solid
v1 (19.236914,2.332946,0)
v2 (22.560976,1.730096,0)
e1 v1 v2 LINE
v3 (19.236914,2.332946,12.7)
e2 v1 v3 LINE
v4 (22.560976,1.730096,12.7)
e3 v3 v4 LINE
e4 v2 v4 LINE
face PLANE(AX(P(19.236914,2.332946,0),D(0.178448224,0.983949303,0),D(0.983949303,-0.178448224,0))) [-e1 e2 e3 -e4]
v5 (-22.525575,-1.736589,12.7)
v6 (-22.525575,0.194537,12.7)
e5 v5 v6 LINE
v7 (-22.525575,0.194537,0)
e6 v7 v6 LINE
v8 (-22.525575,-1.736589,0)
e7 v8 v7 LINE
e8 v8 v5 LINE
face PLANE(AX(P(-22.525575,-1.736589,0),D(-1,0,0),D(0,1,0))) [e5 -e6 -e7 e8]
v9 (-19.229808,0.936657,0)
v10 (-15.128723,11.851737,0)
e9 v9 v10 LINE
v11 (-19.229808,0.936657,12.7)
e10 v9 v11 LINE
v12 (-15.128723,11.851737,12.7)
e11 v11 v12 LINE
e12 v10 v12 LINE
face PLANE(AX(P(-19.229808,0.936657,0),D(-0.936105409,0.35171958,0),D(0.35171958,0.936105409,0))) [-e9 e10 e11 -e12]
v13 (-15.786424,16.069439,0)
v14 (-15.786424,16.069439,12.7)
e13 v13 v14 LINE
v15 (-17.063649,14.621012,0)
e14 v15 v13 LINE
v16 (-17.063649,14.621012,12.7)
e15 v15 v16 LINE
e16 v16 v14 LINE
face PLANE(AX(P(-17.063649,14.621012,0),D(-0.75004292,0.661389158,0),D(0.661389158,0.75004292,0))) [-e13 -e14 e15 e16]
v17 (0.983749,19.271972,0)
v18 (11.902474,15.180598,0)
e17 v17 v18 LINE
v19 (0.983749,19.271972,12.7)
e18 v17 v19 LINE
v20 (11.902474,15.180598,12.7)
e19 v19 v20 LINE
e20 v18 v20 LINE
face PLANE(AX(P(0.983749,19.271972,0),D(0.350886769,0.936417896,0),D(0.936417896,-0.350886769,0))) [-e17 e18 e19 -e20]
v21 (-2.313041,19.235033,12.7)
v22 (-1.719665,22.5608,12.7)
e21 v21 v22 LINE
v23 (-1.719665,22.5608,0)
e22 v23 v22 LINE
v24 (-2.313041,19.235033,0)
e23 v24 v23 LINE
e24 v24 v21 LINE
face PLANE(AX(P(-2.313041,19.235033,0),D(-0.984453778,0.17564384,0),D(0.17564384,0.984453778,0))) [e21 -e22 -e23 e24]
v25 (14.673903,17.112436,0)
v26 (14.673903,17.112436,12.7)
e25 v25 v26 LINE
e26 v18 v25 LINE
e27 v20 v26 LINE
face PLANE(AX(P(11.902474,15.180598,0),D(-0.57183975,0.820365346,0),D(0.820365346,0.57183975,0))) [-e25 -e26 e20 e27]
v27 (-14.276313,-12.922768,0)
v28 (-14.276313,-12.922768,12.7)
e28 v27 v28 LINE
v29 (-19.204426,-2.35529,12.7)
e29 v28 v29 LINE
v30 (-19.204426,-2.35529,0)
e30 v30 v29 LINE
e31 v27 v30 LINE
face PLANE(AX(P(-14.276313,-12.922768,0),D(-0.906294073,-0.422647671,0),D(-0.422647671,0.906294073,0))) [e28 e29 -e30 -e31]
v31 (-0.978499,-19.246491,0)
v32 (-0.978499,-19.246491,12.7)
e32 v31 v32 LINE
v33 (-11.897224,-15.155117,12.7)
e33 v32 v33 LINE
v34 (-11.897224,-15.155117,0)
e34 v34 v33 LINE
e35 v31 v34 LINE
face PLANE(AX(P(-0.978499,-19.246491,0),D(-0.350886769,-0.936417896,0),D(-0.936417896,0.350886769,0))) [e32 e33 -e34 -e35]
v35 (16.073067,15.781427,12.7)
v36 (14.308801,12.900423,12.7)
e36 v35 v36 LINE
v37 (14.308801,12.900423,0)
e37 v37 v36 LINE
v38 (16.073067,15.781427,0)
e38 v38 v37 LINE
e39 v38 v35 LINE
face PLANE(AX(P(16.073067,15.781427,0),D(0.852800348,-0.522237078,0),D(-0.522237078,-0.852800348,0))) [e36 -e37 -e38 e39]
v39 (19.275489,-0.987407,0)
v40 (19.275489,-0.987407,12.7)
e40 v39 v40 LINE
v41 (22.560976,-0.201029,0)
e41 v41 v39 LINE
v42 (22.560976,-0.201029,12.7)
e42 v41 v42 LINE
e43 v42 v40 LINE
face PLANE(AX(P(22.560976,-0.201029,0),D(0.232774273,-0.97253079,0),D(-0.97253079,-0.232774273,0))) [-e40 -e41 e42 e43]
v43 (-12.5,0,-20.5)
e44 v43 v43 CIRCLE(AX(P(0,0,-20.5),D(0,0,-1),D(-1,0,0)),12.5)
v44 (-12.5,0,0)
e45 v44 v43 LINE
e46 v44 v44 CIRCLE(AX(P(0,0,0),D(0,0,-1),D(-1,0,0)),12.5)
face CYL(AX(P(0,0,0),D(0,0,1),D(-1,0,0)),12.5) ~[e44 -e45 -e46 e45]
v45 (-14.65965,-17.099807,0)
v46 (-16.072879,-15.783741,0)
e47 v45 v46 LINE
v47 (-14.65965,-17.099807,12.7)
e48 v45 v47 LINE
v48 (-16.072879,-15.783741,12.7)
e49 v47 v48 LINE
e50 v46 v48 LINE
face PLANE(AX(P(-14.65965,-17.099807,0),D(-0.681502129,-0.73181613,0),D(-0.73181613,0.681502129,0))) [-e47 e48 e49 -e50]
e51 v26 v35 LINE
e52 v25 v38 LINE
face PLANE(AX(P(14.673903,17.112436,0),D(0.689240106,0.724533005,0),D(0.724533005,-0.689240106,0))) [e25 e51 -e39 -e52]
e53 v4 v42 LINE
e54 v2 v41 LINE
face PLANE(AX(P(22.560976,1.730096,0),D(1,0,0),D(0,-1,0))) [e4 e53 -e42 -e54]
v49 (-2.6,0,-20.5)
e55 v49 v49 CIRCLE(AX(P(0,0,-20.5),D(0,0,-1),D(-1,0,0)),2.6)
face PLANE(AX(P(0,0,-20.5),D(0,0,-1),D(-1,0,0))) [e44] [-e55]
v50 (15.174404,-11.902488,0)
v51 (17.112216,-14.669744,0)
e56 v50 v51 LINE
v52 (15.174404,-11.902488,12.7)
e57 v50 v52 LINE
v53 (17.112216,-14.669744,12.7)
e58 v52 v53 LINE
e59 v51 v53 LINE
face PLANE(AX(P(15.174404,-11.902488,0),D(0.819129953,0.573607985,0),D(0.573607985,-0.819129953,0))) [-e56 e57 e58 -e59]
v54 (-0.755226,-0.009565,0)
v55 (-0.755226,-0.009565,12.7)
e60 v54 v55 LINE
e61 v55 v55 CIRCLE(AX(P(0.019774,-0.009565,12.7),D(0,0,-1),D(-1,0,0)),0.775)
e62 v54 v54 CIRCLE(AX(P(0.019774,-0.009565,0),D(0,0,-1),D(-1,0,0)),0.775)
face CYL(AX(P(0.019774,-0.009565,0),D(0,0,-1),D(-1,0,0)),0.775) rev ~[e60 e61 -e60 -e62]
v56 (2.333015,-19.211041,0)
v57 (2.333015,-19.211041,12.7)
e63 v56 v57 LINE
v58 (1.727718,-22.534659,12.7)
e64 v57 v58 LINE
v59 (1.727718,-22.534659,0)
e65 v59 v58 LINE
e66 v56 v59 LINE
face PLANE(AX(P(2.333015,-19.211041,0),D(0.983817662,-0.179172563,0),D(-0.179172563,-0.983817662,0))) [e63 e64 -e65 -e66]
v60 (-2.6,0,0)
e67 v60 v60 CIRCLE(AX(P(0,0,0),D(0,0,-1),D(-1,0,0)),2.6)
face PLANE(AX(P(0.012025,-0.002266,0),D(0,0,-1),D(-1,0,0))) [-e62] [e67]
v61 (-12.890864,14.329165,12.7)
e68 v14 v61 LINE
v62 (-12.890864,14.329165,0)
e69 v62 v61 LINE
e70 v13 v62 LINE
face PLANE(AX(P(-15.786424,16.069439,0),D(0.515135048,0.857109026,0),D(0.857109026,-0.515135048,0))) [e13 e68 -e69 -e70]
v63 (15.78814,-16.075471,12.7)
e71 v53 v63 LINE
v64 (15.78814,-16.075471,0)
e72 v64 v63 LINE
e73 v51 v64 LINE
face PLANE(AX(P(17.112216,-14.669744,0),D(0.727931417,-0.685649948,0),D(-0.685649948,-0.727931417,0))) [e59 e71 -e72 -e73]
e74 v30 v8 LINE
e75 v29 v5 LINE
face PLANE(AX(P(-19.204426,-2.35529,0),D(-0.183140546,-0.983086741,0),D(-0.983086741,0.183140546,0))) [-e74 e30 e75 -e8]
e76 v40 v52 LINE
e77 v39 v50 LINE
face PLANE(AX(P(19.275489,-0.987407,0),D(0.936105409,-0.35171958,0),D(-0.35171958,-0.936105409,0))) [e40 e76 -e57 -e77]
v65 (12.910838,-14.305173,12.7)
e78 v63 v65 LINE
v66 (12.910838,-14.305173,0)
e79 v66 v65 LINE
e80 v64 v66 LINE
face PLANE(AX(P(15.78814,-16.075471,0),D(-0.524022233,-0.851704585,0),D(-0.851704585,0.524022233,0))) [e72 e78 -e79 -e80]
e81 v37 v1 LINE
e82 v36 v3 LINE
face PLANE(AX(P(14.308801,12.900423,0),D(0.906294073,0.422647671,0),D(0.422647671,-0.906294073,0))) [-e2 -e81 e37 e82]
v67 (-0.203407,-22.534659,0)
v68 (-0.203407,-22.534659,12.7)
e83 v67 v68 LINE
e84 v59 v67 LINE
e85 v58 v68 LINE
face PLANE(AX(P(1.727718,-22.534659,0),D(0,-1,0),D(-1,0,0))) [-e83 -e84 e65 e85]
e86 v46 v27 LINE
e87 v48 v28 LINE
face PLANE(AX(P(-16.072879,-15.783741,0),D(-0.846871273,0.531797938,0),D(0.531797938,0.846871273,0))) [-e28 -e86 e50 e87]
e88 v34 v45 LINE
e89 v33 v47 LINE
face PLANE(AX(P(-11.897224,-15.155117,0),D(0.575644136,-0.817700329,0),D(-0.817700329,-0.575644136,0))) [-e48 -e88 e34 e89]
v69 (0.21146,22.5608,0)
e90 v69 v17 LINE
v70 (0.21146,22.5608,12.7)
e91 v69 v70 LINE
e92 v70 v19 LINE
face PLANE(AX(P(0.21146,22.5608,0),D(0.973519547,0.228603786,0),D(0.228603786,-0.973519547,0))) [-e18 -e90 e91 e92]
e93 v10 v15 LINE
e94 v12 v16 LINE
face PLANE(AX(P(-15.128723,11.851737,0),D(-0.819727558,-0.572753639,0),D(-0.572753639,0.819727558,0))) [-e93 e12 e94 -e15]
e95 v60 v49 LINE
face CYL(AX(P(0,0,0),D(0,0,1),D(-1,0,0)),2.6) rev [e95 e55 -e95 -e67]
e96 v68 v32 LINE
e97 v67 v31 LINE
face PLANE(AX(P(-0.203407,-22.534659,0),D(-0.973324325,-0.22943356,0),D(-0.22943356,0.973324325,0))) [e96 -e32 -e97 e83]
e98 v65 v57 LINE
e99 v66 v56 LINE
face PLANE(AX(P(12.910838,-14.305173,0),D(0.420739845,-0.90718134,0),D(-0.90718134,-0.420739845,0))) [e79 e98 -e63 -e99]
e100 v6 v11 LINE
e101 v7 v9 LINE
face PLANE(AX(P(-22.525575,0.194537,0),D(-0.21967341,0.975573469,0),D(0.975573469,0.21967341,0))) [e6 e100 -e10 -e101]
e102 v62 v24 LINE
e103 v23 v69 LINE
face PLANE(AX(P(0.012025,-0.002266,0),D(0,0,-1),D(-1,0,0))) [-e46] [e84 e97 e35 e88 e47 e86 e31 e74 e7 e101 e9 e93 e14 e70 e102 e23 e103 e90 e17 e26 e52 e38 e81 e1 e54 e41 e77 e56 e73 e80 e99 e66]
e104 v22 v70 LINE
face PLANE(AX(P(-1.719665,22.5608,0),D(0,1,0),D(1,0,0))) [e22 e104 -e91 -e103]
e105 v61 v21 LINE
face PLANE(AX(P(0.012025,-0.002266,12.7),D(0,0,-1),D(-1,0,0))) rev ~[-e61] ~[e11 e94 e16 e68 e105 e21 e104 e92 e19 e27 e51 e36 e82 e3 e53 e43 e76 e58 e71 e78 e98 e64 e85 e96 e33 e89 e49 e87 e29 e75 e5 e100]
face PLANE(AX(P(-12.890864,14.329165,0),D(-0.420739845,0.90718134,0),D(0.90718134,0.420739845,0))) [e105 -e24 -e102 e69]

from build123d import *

# Parameters (mm, degrees)
BOSS_EXTRUDE1_DEPTH = 12.7
CUT_EXTRUDE1_REACH  = 14.7
SKETCH2_R           = 0.775
SKETCH4_R           = 12.5
SKETCH4_R_2         = 2.6
BOSS_EXTRUDE3_DEPTH = 20.5


with BuildPart() as part:
    # Sketch1 → Boss-Extrude1 (new body)
    with BuildSketch(Plane(origin=(0, 0, 0), x_dir=(-1, 0, 0), z_dir=(0, 0, -1))):
        Polygon((22.52557458, -1.736588639), (22.52557458, 0.194536921), (19.229808022, 0.93665661), (15.128723263, 11.851737372), (17.063649078, 14.621011813), (15.786423571, 16.069438867), (12.890863827, 14.329165151), (2.313040546, 19.235032954), (1.719665356, 22.560799741), (-0.211460204, 22.560799741), (-0.98374926, 19.271971918), (-11.902473648, 15.180597821), (-14.673902719, 17.112436257), (-16.073066924, 15.781427071), (-14.308800518, 12.900423272), (-19.236913758, 2.332945609), (-22.560976284, 1.730096406), (-22.560976284, -0.201029153), (-19.275488766, -0.987407309), (-15.174404006, -11.902488071), (-17.112216048, -14.669743631), (-15.788139908, -16.075470597), (-12.910837913, -14.305173427), (-2.333014633, -19.21104123), (-1.727718406, -22.534659035), (0.203407153, -22.534659035), (0.978499423, -19.246490729), (11.89722381, -15.155116632), (14.659649692, -17.099807376), (16.072878525, -15.783741196), (14.276312796, -12.922767512), (19.204426036, -2.355289849), align=None)
    extrude(amount=-BOSS_EXTRUDE1_DEPTH)

    # Sketch2 → Cut-Extrude1 (cut, up to next)
    with BuildSketch(Plane(origin=(0, 0, 0), x_dir=(-1, 0, 0), z_dir=(0, 0, -1)), mode=Mode.PRIVATE) as cut_extrude1_sk1:
        with Locations((-0.019773646, -0.00956531)):
            Circle(SKETCH2_R)
    cut_extrude1_tool1 = extrude(cut_extrude1_sk1.sketch, amount=-CUT_EXTRUDE1_REACH, mode=Mode.PRIVATE) & part.part
    add(cut_extrude1_tool1.solids().sort_by_distance((0.019774, -0.009565, 0))[0], mode=Mode.SUBTRACT)

    # Sketch4 → Boss-Extrude3 (add)
    with BuildSketch(Plane(origin=(0, 0, 0), x_dir=(-1, 0, 0), z_dir=(0, 0, -1))):
        Circle(SKETCH4_R)
        Circle(SKETCH4_R_2, mode=Mode.SUBTRACT)
    extrude(amount=BOSS_EXTRUDE3_DEPTH)


solid = part.part
